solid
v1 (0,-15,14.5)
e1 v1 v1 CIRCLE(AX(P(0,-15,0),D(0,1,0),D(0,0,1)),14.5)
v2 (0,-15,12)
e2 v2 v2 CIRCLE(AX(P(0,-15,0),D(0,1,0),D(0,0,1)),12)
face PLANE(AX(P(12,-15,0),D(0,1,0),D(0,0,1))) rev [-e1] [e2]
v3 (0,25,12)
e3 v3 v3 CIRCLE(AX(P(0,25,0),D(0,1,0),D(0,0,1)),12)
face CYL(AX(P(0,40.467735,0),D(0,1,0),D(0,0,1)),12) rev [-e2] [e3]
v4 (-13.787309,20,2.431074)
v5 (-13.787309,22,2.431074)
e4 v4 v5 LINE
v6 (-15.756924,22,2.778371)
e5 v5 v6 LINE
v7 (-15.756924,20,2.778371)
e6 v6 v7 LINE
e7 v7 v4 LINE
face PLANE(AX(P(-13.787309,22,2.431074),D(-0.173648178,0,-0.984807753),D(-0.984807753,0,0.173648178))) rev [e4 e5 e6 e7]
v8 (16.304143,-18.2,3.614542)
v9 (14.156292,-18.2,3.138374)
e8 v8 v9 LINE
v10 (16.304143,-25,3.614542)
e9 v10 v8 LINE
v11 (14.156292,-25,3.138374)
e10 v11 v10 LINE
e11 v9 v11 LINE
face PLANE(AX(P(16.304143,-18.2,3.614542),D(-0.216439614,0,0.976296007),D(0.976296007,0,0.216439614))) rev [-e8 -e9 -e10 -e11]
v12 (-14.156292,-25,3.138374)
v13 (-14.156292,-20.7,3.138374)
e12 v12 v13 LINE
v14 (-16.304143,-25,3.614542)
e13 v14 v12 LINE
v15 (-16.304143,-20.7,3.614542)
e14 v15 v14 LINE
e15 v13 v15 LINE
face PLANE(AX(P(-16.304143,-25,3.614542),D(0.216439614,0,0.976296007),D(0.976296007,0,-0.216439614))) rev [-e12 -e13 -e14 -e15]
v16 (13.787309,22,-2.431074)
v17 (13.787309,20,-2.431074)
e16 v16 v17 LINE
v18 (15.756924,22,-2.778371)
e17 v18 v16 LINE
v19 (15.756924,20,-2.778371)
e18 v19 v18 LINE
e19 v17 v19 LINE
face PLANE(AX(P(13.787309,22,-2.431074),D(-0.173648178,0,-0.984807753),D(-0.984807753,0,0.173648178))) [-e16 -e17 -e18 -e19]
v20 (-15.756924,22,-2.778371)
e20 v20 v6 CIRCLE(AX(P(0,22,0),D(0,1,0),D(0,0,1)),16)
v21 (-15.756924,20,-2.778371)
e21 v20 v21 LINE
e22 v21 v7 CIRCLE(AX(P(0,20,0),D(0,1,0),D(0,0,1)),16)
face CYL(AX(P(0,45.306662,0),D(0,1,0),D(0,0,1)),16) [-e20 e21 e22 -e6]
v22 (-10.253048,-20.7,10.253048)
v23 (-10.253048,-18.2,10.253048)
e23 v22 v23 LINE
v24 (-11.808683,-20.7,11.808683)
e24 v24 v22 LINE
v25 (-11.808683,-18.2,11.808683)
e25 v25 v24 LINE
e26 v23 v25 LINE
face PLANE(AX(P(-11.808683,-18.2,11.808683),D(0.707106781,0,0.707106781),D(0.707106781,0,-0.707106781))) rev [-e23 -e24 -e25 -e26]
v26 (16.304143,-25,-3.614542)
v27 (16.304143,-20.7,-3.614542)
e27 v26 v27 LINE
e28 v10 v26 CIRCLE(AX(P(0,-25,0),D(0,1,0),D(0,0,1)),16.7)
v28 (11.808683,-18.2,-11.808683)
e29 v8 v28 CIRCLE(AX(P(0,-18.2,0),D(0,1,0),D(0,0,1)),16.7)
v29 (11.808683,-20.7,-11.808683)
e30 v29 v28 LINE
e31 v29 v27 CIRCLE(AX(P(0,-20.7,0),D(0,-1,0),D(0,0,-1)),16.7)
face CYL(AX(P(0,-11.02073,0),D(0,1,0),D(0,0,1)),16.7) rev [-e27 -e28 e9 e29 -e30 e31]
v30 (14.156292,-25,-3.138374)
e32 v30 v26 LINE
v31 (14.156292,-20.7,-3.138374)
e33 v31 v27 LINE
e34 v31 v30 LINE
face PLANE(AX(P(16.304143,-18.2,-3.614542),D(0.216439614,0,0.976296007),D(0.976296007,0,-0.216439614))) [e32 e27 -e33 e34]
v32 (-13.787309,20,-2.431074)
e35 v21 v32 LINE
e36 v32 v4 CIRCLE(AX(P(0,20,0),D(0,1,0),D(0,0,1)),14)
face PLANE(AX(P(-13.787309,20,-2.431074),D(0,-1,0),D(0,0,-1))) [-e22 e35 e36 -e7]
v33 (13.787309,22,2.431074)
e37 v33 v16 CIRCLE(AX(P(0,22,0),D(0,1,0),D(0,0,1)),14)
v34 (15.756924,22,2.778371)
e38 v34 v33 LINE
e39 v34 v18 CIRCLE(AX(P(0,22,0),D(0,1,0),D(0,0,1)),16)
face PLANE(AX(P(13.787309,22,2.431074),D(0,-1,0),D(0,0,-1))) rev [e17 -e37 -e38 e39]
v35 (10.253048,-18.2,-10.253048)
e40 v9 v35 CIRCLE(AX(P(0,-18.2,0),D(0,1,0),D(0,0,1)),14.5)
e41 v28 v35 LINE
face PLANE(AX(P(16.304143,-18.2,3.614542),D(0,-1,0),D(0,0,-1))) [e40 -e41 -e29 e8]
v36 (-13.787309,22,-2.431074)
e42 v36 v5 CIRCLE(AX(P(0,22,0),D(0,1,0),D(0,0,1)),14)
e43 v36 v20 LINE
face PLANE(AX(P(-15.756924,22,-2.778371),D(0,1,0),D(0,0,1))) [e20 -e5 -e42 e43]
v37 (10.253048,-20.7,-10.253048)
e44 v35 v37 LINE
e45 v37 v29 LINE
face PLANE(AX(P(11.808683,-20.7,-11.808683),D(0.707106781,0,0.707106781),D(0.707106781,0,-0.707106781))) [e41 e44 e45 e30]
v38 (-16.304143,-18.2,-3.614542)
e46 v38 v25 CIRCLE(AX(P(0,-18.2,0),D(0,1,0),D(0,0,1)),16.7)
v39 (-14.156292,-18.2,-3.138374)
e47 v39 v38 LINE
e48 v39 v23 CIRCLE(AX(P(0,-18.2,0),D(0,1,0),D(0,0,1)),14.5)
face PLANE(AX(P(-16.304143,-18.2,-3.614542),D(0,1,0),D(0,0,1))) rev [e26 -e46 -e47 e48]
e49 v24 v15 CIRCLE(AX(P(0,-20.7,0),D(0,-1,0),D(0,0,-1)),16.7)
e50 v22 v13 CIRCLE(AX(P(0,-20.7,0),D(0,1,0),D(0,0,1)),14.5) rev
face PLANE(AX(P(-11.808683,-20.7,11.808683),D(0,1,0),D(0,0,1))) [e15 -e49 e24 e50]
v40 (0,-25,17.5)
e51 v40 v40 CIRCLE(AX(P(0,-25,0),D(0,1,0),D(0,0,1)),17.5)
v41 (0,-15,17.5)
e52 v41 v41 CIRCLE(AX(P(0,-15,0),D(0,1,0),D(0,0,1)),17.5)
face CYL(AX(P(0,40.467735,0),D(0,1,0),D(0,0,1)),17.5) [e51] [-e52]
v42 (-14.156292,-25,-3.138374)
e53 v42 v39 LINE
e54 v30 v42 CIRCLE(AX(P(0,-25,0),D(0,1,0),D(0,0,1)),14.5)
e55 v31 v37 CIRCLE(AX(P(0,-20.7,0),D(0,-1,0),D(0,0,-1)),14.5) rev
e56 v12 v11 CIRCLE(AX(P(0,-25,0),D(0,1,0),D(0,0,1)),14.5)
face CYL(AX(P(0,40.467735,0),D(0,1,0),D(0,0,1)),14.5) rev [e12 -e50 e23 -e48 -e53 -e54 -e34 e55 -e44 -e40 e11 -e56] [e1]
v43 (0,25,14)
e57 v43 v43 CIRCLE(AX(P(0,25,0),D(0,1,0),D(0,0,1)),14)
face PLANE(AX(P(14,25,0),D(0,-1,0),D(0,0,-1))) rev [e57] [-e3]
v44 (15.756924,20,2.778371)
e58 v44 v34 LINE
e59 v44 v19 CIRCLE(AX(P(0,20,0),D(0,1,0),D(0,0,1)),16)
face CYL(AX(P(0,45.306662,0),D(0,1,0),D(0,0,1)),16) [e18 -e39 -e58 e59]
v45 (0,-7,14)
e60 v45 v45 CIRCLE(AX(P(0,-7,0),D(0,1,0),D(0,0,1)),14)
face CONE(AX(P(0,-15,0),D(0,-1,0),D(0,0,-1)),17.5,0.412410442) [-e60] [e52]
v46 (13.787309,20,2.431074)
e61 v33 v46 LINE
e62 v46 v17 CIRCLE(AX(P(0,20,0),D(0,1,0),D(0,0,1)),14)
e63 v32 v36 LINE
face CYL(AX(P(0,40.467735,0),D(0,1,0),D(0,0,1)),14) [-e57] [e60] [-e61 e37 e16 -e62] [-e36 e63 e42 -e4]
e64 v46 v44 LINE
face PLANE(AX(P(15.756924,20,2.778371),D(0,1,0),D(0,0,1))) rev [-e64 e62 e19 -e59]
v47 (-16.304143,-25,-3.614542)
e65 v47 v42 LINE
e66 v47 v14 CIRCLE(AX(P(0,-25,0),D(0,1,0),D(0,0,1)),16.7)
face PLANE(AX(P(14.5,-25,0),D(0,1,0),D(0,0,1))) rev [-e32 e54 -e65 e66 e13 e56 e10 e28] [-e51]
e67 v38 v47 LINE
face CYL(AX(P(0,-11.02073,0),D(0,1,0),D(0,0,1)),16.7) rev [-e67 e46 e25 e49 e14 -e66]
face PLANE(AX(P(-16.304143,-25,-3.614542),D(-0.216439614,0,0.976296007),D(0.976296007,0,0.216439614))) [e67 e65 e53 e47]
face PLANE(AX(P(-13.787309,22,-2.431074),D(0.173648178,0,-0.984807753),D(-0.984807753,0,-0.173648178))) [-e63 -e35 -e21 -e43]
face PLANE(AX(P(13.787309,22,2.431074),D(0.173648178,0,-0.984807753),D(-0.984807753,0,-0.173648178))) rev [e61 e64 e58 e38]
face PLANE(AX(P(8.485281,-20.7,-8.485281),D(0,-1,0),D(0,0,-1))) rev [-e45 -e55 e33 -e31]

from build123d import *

# Parameters (mm, degrees)
SKETCH2_W          = 2
SKETCH2_H          = 2
REVOLVE2_ANGLE     = 20
SKETCH3_W          = 2.2
SKETCH3_H          = 6.8
CUT_REVOLVE1_ANGLE = 25
SKETCH4_W          = 4.7
SKETCH4_H          = 2.5
CUT_REVOLVE2_ANGLE = 45


with BuildPart() as part:
    # Sketch1 → Revolve1 (revolve)
    with BuildSketch(Plane.XY, mode=Mode.PRIVATE) as revolve1_sk:
        Polygon((12, 25), (12, -15), (14.5, -15), (14.5, -25), (17.5, -25), (17.5, -15), (14, -7), (14, 25), align=None)
    revolve(revolve1_sk.sketch.rotate(Axis((0, 40.467735012, 0), (0, -1, 0)), 90), axis=Axis((0, 40.467735012, 0), (0, -1, 0)))

    # Sketch2 → Revolve2 (revolve, symmetric)
    with BuildSketch(Plane.XY) as revolve2_sk:
        with Locations((15, 21)):
            Rectangle(SKETCH2_W, SKETCH2_H)
        with Locations((-15, 21)):
            Rectangle(SKETCH2_W, SKETCH2_H)
    revolve(axis=Axis((0, 45.306661743, 0), (0, -1, 0)), revolution_arc=REVOLVE2_ANGLE / 2)
    revolve(revolve2_sk.sketch, axis=Axis((0, 45.306661743, 0), (0, 1, 0)), revolution_arc=REVOLVE2_ANGLE / 2)

    # Sketch3 → Cut-Revolve1 (revolve, symmetric, cut)
    with BuildSketch(Plane.XY) as cut_revolve1_sk:
        with Locations((-15.6, -21.6)):
            Rectangle(SKETCH3_W, SKETCH3_H)
        with Locations((15.6, -21.6)):
            Rectangle(SKETCH3_W, SKETCH3_H)
    revolve(axis=Axis((0, -11.020729768, 0), (0, -1, 0)), revolution_arc=CUT_REVOLVE1_ANGLE / 2, mode=Mode.SUBTRACT)
    revolve(cut_revolve1_sk.sketch, axis=Axis((0, -11.020729768, 0), (0, 1, 0)), revolution_arc=CUT_REVOLVE1_ANGLE / 2, mode=Mode.SUBTRACT)

    # Sketch4 → Cut-Revolve2 (revolve, cut)
    with BuildSketch(Plane.XY):
        with Locations((-14.35, -19.45)):
            Rectangle(SKETCH4_W, SKETCH4_H)
        with Locations((14.35, -19.45)):
            Rectangle(SKETCH4_W, SKETCH4_H)
    revolve(axis=Axis((0, -42.004114959, 0), (0, 1, 0)), revolution_arc=CUT_REVOLVE2_ANGLE, mode=Mode.SUBTRACT)


solid = part.part
